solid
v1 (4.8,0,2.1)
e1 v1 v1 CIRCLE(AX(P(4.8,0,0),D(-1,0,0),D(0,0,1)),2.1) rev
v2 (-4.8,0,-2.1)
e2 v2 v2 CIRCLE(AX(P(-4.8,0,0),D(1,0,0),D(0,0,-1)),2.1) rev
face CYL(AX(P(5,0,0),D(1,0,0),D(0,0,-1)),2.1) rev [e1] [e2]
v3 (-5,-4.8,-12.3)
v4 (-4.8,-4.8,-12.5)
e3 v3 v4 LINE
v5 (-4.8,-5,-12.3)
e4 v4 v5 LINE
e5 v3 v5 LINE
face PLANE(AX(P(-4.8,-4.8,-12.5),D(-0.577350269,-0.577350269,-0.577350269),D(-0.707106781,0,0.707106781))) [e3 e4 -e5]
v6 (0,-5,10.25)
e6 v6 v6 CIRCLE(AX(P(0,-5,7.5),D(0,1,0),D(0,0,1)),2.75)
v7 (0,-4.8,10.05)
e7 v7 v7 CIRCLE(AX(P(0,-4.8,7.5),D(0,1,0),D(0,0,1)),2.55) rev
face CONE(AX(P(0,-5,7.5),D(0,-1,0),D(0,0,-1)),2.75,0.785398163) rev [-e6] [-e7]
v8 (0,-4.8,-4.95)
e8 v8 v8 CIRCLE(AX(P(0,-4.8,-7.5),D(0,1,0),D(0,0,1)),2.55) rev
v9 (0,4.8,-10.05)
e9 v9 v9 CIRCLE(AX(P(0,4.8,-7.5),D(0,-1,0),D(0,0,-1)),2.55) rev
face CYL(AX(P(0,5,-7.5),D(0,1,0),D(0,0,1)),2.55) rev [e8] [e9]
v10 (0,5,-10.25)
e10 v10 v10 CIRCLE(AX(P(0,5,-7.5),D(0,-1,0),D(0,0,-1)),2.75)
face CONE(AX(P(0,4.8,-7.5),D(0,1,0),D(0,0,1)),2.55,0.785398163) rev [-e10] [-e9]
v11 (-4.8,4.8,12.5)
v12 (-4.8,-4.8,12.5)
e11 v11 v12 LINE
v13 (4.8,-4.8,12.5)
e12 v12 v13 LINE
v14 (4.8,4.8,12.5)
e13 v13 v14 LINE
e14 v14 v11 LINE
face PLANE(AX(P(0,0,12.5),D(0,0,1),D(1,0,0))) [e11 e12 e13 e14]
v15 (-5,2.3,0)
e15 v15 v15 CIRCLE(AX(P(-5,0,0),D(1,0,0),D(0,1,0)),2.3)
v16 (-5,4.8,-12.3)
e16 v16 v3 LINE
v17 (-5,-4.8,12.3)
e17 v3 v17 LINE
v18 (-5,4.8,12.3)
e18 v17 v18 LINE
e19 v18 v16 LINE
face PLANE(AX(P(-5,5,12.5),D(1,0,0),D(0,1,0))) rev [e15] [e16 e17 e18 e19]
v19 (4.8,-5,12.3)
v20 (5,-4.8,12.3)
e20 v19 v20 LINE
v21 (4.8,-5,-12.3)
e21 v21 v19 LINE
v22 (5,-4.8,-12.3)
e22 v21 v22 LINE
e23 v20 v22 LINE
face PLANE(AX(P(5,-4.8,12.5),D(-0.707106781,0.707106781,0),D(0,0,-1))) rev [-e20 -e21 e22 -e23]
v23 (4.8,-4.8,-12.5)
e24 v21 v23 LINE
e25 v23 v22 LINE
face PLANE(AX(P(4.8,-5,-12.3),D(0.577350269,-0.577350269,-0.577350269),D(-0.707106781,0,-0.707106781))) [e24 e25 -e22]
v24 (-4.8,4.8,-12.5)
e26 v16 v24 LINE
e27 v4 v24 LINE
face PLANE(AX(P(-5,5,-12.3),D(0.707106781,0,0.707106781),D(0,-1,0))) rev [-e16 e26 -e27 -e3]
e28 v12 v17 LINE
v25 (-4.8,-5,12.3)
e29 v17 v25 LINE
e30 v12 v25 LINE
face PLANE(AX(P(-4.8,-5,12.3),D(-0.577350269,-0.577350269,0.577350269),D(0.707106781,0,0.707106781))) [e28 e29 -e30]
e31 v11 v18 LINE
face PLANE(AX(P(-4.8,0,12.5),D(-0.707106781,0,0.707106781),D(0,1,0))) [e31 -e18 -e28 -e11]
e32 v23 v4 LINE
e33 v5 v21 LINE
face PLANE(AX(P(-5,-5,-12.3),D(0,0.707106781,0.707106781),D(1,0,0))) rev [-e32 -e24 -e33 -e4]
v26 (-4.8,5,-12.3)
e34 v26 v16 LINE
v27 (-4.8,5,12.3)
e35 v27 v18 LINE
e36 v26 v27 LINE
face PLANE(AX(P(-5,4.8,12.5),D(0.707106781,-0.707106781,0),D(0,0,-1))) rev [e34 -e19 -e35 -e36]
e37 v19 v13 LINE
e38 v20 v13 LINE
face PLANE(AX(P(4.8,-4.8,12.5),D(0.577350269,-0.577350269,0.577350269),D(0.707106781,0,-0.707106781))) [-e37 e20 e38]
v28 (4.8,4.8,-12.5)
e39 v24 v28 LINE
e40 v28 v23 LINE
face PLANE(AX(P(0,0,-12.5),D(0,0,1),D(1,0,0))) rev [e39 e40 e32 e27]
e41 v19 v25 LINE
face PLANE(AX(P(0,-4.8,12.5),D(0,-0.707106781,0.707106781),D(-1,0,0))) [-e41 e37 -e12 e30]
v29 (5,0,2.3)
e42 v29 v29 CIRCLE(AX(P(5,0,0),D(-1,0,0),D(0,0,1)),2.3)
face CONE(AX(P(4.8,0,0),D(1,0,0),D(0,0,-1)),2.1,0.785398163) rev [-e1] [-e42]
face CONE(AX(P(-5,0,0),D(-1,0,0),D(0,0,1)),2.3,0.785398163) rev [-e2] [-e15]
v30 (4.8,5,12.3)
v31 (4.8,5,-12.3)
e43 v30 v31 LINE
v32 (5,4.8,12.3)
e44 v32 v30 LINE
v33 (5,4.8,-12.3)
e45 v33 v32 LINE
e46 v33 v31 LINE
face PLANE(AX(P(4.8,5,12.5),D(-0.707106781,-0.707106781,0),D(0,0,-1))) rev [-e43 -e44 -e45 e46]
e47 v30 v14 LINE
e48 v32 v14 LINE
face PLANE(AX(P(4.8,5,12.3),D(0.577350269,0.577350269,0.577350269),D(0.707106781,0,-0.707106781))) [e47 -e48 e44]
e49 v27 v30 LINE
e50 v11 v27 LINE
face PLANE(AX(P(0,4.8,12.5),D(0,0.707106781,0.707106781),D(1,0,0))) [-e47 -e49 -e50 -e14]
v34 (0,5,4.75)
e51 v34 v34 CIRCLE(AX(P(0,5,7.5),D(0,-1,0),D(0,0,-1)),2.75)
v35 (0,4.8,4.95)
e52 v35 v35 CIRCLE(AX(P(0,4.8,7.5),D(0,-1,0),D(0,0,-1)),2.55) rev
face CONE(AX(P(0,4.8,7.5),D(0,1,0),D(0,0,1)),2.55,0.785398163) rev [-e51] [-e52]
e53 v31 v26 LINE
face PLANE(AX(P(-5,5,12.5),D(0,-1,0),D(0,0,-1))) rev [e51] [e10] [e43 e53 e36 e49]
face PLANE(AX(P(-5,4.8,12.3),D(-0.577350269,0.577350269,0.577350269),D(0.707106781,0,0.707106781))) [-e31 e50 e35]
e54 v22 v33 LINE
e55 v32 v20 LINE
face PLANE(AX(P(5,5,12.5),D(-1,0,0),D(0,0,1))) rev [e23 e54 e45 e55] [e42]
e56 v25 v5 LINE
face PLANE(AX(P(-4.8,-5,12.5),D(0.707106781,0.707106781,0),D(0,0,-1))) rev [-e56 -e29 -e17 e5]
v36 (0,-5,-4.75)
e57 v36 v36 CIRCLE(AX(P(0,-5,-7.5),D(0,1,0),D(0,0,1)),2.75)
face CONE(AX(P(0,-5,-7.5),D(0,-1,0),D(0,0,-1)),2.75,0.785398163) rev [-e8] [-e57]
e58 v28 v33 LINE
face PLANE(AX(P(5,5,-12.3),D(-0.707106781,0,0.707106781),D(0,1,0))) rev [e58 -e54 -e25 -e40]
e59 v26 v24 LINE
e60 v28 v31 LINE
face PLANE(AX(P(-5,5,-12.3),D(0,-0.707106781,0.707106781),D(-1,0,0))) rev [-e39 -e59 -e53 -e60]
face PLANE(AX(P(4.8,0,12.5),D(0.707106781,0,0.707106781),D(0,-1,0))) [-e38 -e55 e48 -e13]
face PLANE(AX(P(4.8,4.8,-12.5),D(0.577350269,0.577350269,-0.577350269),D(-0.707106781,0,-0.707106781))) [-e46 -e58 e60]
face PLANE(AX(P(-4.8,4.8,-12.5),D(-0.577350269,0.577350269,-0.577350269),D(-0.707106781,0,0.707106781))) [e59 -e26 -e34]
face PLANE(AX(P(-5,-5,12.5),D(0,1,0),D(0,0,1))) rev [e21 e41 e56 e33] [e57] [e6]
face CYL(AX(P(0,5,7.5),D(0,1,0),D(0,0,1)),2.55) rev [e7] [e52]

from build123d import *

# Parameters (mm, degrees)
SKETCH_1_W              = 10
SKETCH_1_H              = 10
EXTRUDE_1_DEPTH         = 12.5
HOLE_WIZARD_M5_1_D      = 4.2
HOLE_WIZARD_5_1_5_1_1_D = 5.1
CHAMFER_1_SIZE          = 0.2


with BuildPart() as part:
    # 草图1 → 凸台-拉伸1 (new, symmetric)
    with BuildSketch(Plane.XY):
        Rectangle(SKETCH_1_W, SKETCH_1_H)
    extrude(amount=EXTRUDE_1_DEPTH, both=True)

    # M5 螺纹孔1 (through all)
    with Locations(Plane(origin=(5, 0, 0), x_dir=(0, 0, -1), z_dir=(1, 0, 0))):
        with Locations((0, 0)):
            Hole(HOLE_WIZARD_M5_1_D / 2)

    # Ø5.1 (5.1) 直径孔1 (through all)
    with Locations(Plane(origin=(0, 5, 0), x_dir=(1, 0, 0), z_dir=(0, 1, 0))):
        with Locations((0, -7.5), (0, 7.5)):
            Hole(HOLE_WIZARD_5_1_5_1_1_D / 2)

    # 倒角1
    chamfer_1_edges = [part.edges().sort_by_distance(p)[0] for p in [
        (-5, 0, 12.5),
        (5, 0, -2.1),
        (-5, 0, -2.1),
        (0, -5, 12.5),
        (2.55, 5, -7.5),
        (2.55, -5, -7.5),
        (2.55, 5, 7.5),
        (2.55, -5, 7.5),
        (5, 0, 12.5),
        (0, -5, -12.5),
        (-5, 0, -12.5),
        (0, 5, -12.5),
        (5, 0, -12.5),
        (5, -5, 0),
        (-5, -5, 0),
        (-5, 5, 0),
        (5, 5, 0),
        (0, 5, 12.5),
    ]]
    chamfer(chamfer_1_edges, length=CHAMFER_1_SIZE)


solid = part.part
